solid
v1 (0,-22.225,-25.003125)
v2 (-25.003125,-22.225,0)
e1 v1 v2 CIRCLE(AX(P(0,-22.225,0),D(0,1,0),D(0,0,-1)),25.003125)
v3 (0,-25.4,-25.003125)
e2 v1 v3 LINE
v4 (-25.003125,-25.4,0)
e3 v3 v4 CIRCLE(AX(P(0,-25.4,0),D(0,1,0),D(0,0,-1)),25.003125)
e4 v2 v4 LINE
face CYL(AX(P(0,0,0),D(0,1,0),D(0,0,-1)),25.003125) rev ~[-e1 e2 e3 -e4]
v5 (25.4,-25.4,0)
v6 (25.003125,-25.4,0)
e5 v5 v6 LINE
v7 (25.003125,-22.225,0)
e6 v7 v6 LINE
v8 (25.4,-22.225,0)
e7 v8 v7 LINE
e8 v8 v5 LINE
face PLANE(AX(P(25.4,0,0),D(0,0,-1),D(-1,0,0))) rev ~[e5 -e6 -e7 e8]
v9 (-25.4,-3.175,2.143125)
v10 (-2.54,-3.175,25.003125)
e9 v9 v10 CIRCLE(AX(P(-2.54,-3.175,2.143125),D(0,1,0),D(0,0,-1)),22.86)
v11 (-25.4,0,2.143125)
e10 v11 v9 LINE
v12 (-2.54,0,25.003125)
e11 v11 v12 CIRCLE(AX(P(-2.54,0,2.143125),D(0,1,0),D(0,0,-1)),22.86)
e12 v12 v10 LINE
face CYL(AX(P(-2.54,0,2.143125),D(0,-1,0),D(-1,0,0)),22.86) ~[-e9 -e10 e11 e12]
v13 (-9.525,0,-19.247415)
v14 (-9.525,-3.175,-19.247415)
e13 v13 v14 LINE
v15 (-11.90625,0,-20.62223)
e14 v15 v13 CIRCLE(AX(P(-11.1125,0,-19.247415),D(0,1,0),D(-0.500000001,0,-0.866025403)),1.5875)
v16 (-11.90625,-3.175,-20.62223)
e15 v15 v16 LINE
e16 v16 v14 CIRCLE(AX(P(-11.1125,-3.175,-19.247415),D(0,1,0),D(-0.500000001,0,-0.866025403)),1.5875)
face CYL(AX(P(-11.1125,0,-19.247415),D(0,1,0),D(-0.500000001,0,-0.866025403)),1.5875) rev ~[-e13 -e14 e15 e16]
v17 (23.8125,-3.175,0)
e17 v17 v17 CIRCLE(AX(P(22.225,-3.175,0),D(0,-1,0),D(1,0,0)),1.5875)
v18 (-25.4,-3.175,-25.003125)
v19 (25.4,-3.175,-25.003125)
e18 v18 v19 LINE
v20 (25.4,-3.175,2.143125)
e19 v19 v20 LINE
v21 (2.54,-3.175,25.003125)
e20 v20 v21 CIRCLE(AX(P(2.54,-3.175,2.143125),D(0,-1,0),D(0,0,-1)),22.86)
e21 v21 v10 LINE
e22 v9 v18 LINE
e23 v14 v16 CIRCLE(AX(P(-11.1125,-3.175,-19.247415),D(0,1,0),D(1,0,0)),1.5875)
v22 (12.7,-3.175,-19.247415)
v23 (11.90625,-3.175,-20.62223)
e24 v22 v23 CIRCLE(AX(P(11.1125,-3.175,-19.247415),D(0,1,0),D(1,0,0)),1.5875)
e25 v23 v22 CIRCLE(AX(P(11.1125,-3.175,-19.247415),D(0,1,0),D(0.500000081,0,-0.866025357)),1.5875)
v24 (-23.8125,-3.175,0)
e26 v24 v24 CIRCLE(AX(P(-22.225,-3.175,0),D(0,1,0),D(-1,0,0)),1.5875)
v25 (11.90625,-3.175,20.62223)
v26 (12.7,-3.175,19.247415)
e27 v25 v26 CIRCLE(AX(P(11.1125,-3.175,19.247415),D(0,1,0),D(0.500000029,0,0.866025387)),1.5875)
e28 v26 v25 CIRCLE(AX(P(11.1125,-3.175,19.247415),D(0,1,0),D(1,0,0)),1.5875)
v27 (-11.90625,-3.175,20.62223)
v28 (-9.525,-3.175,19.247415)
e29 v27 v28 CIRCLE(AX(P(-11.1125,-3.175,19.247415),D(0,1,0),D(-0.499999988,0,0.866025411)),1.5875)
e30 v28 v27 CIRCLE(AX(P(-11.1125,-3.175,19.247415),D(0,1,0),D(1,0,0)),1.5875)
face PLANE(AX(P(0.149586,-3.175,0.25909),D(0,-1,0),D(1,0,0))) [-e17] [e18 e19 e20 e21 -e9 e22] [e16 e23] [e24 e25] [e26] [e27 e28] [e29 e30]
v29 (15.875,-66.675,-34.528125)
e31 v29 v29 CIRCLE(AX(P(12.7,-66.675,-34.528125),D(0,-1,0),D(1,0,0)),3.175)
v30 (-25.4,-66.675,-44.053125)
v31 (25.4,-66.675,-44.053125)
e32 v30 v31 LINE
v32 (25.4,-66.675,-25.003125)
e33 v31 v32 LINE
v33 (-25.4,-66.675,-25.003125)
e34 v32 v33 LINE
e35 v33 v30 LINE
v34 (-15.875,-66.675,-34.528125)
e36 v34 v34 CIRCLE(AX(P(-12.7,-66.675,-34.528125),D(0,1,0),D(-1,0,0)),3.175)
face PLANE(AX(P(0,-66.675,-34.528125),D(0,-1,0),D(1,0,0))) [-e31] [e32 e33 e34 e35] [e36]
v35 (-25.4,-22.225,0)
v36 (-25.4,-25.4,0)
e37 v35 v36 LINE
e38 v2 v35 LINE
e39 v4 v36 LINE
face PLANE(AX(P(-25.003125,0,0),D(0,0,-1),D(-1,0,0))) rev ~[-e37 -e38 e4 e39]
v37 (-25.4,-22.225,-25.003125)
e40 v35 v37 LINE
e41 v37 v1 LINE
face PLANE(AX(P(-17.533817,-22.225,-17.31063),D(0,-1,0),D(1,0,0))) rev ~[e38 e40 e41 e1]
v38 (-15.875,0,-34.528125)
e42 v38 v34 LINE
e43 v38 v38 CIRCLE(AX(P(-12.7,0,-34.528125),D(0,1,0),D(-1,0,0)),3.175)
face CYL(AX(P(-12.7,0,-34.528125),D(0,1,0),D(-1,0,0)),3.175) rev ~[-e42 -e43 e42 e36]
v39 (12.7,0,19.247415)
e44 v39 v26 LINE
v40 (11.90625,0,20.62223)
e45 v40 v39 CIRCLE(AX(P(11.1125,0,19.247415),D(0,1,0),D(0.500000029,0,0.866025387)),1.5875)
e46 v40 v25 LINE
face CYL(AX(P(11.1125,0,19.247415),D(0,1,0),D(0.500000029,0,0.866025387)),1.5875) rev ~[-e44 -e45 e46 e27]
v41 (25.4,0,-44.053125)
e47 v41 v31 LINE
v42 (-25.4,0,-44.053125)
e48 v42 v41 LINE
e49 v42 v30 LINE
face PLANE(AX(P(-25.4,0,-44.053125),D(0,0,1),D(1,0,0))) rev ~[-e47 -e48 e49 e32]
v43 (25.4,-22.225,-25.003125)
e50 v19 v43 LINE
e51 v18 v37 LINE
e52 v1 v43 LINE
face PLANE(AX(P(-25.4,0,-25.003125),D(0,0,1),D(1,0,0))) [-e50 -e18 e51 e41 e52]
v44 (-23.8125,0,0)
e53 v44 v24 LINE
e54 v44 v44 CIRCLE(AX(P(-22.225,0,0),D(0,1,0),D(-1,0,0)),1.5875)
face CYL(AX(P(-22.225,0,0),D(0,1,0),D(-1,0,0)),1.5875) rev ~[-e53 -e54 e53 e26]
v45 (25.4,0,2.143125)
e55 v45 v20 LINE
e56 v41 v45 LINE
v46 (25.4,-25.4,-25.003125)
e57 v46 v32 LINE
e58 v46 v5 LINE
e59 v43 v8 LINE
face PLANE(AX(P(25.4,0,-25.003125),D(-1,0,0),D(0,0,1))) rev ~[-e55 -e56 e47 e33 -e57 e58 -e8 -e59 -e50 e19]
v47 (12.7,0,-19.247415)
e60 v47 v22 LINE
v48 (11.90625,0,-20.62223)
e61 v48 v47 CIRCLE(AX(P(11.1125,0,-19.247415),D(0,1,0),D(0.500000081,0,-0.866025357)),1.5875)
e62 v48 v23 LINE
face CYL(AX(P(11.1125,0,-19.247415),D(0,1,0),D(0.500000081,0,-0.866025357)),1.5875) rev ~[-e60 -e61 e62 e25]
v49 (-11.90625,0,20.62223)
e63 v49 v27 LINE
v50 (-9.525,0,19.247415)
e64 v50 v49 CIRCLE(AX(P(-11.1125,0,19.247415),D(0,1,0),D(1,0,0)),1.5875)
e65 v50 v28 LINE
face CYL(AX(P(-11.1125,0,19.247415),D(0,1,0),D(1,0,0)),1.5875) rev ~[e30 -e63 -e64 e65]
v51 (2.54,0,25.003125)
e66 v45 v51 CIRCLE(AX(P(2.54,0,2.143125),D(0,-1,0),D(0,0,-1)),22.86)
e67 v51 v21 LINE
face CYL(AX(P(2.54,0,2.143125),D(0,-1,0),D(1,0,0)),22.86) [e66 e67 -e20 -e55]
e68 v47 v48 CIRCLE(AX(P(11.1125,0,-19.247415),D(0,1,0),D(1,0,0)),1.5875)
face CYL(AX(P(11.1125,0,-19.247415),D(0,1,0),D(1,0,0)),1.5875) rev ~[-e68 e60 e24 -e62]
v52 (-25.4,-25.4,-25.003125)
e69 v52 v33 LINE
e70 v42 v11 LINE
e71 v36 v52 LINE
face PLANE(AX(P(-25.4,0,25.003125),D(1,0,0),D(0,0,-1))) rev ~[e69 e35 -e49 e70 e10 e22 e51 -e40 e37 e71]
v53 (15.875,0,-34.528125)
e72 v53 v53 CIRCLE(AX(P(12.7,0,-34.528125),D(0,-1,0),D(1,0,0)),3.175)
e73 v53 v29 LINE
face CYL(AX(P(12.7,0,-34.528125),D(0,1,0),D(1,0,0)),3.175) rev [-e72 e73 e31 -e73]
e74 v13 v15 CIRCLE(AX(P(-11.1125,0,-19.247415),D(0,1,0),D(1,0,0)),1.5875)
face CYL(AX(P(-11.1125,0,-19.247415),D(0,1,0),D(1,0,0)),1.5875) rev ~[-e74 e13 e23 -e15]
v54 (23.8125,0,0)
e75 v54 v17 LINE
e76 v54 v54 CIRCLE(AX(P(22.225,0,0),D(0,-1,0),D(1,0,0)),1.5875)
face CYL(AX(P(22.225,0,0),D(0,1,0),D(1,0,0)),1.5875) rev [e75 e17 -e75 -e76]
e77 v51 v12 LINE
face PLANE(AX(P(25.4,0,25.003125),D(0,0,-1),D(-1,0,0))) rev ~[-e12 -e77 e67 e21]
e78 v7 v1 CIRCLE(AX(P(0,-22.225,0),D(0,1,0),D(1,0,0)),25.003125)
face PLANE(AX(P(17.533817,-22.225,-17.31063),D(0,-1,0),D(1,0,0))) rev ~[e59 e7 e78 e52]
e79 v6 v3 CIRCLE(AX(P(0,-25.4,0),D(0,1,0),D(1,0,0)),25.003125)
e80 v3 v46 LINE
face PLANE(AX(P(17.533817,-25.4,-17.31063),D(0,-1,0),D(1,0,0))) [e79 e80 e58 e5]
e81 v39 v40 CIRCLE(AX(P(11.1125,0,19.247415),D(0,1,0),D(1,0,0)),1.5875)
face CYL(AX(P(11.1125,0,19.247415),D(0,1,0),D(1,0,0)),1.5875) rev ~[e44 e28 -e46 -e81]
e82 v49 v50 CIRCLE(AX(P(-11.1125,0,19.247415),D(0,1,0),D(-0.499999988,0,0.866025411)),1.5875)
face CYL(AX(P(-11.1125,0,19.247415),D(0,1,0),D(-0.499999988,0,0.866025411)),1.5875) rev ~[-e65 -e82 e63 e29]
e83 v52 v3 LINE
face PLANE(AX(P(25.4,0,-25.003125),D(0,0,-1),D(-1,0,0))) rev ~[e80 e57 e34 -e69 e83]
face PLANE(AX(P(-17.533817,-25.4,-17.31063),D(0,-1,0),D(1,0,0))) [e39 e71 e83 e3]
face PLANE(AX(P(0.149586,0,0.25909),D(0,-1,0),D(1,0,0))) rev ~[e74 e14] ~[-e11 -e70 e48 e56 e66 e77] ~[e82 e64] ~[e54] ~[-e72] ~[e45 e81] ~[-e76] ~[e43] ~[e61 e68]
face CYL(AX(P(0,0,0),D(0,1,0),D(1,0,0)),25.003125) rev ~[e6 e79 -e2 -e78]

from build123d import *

# Parameters (mm, degrees)
F0_R     = 3.175
F1_DEPTH = 66.675
F2_DEPTH = 25.4
F3_DEPTH = 22.225
F0_R_2   = 1.5875
F4_DEPTH = 3.175
F5_R     = 22.86


with BuildPart() as f1:
    # F0 (on Front) → F1 (new body)
    with BuildSketch(Plane.XZ):
        Polygon((25.4, -25.003125), (0, -25.003125), (-25.4, -25.003125), (-25.4, -34.528125), (-25.4, -44.053125), (25.4, -44.053125), align=None)
        with BuildLine():
            ThreePointArc((-9.525, -34.528125), (-12.7, -37.703125), (-15.875, -34.528125))
            ThreePointArc((-15.875, -34.528125), (-12.7, -31.353125), (-9.525, -34.528125))
        make_face(mode=Mode.SUBTRACT)
        with Locations((12.7, -34.528125)):
            Circle(F0_R, mode=Mode.SUBTRACT)
    extrude(amount=F1_DEPTH)

    # F0 (on Front) → F2 (join)
    with BuildSketch(Plane.XZ):
        with BuildLine():
            Line((-25.4, -25.003125), (0, -25.003125))
            ThreePointArc((0, -25.003125), (-17.6798792384, -17.6798792384), (-25.003125, 0))
            Line((-25.003125, 0), (-25.4, 0))
            Line((-25.4, 0), (-25.4, -25.003125))
        make_face()
        with BuildLine():
            Line((25.4, 0), (25.003125, 0))
            ThreePointArc((25.003125, 0), (17.6798792384, -17.6798792384), (0, -25.003125))
            Line((0, -25.003125), (25.4, -25.003125))
            Line((25.4, -25.003125), (25.4, 0))
        make_face()
    extrude(amount=F2_DEPTH)

    # F0 (on Front) → F3 (cut)
    with BuildSketch(Plane.XZ):
        with BuildLine():
            Line((-25.4, -25.003125), (0, -25.003125))
            ThreePointArc((0, -25.003125), (-17.6798792384, -17.6798792384), (-25.003125, 0))
            Line((-25.003125, 0), (-25.4, 0))
            Line((-25.4, 0), (-25.4, -25.003125))
        make_face()
        with BuildLine():
            Line((25.4, 0), (25.003125, 0))
            ThreePointArc((25.003125, 0), (17.6798792384, -17.6798792384), (0, -25.003125))
            Line((0, -25.003125), (25.4, -25.003125))
            Line((25.4, -25.003125), (25.4, 0))
        make_face()
    extrude(amount=F3_DEPTH, mode=Mode.SUBTRACT)

    # F0 (on Front) → F4 (join)
    with BuildSketch(Plane.XZ):
        with BuildLine():
            ThreePointArc((11.906250128, -20.6222298537), (20.6222299646, -11.906249936), (23.8125, 0))
            ThreePointArc((23.8125, 0), (20.6222299411, 11.9062499767), (11.9062500466, 20.6222299007))
            ThreePointArc((11.9062500466, 20.6222299007), (3.75e-08, 23.8125), (-11.9062499816, 20.6222299383))
            ThreePointArc((-11.9062499816, 20.6222299383), (-20.6222299223, 11.9062500092), (-23.8125, 0))
            ThreePointArc((-23.8125, 0), (-20.622229928, -11.9062499993), (-11.9062500014, -20.6222299268))
            ThreePointArc((-11.9062500014, -20.6222299268), (7.31e-08, -23.8125), (11.906250128, -20.6222298537))
        make_face()
        with BuildLine():
            ThreePointArc((-9.525, -19.2474145991), (-10.3187500007, -20.622229928), (-11.9062500014, -20.6222299268))
            ThreePointArc((-11.9062500014, -20.6222299268), (-11.9062499993, -17.8725992702), (-9.525, -19.2474145991))
        make_face(mode=Mode.SUBTRACT)
        with BuildLine():
            ThreePointArc((12.7, -19.2474145991), (12.4873153655, -20.0411645351), (11.906250128, -20.6222298537))
            ThreePointArc((11.906250128, -20.6222298537), (9.7376846345, -18.4536646631), (12.7, -19.2474145991))
        make_face(mode=Mode.SUBTRACT)
        with BuildLine():
            ThreePointArc((-20.6375, 0), (-22.225, -1.5875), (-23.8125, 0))
            ThreePointArc((-23.8125, 0), (-22.225, 1.5875), (-20.6375, 0))
        make_face(mode=Mode.SUBTRACT)
        with BuildLine():
            ThreePointArc((-9.525, 19.2474145991), (-11.9062500092, 17.8725992759), (-11.9062499816, 20.6222299383))
            ThreePointArc((-11.9062499816, 20.6222299383), (-10.3187499908, 20.6222299223), (-9.525, 19.2474145991))
        make_face(mode=Mode.SUBTRACT)
        with Locations((22.225, 0)):
            Circle(F0_R_2, mode=Mode.SUBTRACT)
        with BuildLine():
            ThreePointArc((12.7, 19.2474145991), (9.737684658, 18.4536646224), (11.9062500466, 20.6222299007))
            ThreePointArc((11.9062500466, 20.6222299007), (12.487315342, 20.0411645758), (12.7, 19.2474145991))
        make_face(mode=Mode.SUBTRACT)
        with BuildLine():
            Line((23.8125, 0), (25.003125, 0))
            ThreePointArc((25.003125, 0), (17.6798792384, 17.6798792384), (0, 25.003125))
            ThreePointArc((0, 25.003125), (-17.6798792384, 17.6798792384), (-25.003125, 0))
            Line((-25.003125, 0), (-23.8125, 0))
            ThreePointArc((-23.8125, 0), (-20.6222299223, 11.9062500092), (-11.9062499816, 20.6222299383))
            ThreePointArc((-11.9062499816, 20.6222299383), (3.75e-08, 23.8125), (11.9062500466, 20.6222299007))
            ThreePointArc((11.9062500466, 20.6222299007), (20.6222299411, 11.9062499767), (23.8125, 0))
        make_face()
        with BuildLine():
            Line((25.4, 0), (25.003125, 0))
            ThreePointArc((25.003125, 0), (17.6798792384, -17.6798792384), (0, -25.003125))
            Line((0, -25.003125), (25.4, -25.003125))
            Line((25.4, -25.003125), (25.4, 0))
        make_face()
        with BuildLine():
            Line((-25.4, -25.003125), (0, -25.003125))
            ThreePointArc((0, -25.003125), (-17.6798792384, -17.6798792384), (-25.003125, 0))
            Line((-25.003125, 0), (-25.4, 0))
            Line((-25.4, 0), (-25.4, -25.003125))
        make_face()
        with BuildLine():
            ThreePointArc((0, 25.003125), (17.6798792384, 17.6798792384), (25.003125, 0))
            Line((25.003125, 0), (25.4, 0))
            Line((25.4, 0), (25.4, 25.003125))
            Line((25.4, 25.003125), (0, 25.003125))
        make_face()
        with BuildLine():
            ThreePointArc((-25.003125, 0), (-17.6798792384, 17.6798792384), (0, 25.003125))
            Line((0, 25.003125), (-25.4, 25.003125))
            Line((-25.4, 25.003125), (-25.4, 0))
            Line((-25.4, 0), (-25.003125, 0))
        make_face()
        with BuildLine():
            ThreePointArc((0, -25.003125), (17.6798792384, -17.6798792384), (25.003125, 0))
            Line((25.003125, 0), (23.8125, 0))
            ThreePointArc((23.8125, 0), (20.6222299646, -11.906249936), (11.906250128, -20.6222298537))
            ThreePointArc((11.906250128, -20.6222298537), (7.31e-08, -23.8125), (-11.9062500014, -20.6222299268))
            ThreePointArc((-11.9062500014, -20.6222299268), (-20.622229928, -11.9062499993), (-23.8125, 0))
            Line((-23.8125, 0), (-25.003125, 0))
            ThreePointArc((-25.003125, 0), (-17.6798792384, -17.6798792384), (0, -25.003125))
        make_face()
    extrude(amount=F4_DEPTH)

    # F5
    f5_edges = [f1.edges().sort_by_distance(p)[0] for p in [
        (25.4, -1.5875, 25.003125),
        (-25.4, -1.5875, 25.003125),
    ]]
    fillet(f5_edges, radius=F5_R)


solid = f1.part
